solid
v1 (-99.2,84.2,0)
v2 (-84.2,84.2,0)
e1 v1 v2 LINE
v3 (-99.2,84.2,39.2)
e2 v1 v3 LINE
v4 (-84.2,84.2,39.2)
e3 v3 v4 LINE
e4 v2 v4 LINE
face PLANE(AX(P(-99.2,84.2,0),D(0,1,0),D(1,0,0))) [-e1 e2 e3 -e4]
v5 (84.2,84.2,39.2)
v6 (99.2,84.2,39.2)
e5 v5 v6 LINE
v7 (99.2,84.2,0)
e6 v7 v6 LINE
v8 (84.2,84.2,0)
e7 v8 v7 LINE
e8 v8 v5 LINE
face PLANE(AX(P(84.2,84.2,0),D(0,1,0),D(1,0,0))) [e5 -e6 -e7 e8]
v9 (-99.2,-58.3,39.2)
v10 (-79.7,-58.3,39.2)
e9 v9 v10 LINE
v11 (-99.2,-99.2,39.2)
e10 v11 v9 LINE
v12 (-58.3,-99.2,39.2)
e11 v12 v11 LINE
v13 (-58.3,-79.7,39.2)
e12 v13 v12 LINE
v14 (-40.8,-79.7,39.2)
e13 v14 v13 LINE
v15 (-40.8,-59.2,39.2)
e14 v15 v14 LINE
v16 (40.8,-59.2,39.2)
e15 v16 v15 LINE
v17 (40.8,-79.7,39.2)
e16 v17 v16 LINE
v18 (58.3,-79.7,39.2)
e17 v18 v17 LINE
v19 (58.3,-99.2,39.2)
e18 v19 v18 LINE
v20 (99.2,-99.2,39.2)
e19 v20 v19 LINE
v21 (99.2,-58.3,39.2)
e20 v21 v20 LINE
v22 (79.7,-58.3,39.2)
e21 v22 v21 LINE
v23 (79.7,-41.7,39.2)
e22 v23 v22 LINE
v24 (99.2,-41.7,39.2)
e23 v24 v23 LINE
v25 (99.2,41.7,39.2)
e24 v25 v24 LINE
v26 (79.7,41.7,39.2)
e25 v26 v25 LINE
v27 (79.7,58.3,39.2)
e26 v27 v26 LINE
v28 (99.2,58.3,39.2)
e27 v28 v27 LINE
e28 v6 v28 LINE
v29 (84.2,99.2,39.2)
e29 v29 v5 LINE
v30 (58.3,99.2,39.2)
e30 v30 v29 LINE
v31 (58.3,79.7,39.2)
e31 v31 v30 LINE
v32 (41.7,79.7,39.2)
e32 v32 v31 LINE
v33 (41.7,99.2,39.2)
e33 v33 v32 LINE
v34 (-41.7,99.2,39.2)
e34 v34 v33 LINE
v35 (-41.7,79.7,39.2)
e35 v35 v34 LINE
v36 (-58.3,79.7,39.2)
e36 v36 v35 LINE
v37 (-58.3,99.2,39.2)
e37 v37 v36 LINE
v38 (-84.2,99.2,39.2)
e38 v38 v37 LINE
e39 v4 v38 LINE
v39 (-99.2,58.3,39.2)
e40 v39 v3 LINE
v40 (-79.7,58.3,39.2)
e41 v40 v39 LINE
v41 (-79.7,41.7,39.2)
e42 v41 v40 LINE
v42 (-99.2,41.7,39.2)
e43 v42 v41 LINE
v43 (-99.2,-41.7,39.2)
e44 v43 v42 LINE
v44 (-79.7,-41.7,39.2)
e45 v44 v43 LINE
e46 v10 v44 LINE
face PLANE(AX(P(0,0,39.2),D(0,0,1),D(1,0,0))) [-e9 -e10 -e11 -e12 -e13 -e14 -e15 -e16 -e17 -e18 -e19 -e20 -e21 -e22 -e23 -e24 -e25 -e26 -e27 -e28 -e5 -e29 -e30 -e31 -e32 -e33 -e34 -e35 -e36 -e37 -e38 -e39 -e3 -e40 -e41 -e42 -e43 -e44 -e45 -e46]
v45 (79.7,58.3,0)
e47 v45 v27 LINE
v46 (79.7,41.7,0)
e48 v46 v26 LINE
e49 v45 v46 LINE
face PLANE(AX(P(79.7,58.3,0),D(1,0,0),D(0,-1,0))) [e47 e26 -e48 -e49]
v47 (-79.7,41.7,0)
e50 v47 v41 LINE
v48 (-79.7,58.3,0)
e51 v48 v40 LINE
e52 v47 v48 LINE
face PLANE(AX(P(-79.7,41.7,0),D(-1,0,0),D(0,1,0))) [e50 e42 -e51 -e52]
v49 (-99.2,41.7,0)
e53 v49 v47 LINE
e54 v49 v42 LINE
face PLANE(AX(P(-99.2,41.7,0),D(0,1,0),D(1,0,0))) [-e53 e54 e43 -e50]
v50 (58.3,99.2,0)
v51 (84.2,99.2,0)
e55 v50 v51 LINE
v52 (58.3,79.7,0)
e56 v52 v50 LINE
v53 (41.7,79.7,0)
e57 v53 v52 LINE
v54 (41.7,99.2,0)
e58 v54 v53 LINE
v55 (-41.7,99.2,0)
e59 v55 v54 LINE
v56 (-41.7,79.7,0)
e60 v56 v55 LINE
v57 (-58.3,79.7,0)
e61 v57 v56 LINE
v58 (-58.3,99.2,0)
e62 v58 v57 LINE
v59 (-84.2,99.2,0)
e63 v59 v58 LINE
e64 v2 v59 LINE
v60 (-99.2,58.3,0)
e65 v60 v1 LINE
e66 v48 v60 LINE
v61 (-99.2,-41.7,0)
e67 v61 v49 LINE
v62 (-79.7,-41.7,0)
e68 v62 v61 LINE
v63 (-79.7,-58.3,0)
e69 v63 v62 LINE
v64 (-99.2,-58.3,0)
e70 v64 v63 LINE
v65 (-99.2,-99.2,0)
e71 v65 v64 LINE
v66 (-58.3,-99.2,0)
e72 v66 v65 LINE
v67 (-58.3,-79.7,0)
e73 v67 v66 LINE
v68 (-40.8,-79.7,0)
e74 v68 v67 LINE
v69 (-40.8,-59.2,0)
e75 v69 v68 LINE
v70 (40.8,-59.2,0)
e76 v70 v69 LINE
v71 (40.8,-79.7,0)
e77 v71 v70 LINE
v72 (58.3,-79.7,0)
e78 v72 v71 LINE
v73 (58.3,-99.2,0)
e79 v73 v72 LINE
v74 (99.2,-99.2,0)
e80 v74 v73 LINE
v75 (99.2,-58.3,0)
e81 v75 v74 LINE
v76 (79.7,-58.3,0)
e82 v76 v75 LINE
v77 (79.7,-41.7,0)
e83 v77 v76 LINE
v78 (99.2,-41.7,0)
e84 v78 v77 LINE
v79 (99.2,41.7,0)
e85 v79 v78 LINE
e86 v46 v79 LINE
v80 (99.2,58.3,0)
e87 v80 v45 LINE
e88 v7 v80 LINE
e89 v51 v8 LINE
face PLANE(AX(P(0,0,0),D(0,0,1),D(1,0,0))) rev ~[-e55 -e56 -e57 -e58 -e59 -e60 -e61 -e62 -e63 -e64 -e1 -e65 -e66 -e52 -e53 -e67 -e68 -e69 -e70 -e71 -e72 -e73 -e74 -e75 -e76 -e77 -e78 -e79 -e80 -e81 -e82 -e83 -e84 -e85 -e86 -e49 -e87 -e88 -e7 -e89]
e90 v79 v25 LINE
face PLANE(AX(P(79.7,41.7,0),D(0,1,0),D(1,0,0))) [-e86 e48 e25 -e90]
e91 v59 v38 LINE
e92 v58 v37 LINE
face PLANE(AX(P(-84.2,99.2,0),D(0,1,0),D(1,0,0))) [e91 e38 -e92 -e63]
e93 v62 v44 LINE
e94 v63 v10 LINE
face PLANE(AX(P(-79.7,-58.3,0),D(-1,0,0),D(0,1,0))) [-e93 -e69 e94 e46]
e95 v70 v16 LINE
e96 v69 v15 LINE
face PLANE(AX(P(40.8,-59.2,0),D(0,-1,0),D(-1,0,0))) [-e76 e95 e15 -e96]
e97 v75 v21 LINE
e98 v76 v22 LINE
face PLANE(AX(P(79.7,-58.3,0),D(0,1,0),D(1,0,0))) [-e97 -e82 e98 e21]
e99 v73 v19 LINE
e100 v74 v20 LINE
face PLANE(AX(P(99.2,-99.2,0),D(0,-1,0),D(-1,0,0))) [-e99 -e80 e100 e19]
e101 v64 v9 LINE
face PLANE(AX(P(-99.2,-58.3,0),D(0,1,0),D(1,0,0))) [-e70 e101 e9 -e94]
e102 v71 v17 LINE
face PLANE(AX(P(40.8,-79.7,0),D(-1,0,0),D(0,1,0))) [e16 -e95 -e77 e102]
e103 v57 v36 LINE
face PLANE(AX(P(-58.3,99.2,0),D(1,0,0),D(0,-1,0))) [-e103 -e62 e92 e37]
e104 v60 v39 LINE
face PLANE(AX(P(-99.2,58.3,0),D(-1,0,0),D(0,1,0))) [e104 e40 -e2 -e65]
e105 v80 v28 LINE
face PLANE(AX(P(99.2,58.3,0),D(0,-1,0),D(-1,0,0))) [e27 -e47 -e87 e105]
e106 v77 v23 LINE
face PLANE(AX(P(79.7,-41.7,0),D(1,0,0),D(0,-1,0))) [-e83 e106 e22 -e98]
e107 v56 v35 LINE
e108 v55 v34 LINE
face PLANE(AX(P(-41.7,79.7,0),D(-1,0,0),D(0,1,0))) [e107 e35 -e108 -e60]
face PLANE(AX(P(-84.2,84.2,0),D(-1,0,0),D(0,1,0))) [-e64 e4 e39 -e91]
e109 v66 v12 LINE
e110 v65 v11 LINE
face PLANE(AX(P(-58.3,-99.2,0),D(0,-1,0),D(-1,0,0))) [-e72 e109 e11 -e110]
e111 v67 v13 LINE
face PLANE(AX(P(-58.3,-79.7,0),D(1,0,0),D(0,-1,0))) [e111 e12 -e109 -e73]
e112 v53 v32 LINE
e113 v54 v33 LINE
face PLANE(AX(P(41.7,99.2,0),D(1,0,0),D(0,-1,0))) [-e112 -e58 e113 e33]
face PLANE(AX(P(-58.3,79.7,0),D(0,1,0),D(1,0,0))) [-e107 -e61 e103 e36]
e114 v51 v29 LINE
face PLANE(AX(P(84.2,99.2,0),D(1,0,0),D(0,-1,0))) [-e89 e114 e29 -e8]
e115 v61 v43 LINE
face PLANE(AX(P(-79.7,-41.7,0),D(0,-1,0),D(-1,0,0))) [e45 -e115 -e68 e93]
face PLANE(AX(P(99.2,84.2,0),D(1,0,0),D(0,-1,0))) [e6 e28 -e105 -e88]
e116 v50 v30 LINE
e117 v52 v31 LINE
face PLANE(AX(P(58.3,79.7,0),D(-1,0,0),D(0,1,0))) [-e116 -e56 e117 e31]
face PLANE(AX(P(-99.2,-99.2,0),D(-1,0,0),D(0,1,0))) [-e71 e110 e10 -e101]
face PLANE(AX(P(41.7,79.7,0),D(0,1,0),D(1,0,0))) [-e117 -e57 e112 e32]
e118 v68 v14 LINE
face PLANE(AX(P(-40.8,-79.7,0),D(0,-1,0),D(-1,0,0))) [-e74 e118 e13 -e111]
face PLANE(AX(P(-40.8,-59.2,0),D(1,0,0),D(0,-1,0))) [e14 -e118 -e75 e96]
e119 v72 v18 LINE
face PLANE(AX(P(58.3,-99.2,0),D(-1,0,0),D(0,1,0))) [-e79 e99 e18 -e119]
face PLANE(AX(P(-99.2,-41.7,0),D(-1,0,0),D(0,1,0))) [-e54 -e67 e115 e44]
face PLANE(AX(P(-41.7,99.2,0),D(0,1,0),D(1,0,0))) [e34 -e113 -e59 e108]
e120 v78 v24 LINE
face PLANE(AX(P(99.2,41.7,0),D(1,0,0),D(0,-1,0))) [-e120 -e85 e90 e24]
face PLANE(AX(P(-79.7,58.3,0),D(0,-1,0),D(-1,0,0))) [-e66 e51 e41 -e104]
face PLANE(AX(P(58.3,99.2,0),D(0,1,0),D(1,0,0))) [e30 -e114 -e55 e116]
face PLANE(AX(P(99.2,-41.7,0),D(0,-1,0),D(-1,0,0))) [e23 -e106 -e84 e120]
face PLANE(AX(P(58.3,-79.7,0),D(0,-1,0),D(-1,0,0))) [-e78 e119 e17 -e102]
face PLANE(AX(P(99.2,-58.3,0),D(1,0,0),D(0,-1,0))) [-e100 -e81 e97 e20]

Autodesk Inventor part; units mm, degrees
ref_plane "YZ Plane" through (0, 0, 0) normal (1, 0, 0) x (0, 1, 0)
ref_plane "XZ Plane" through (0, 0, 0) normal (0, 1, 0) x (-1, 0, 0)
sketch "Boceto1" plane through (0, 0, 0) normal (0, 0, 1) x (1, 0, 0)
  line L0 (40.8, -59.2) -> (-40.8, -59.2) projected
  line L1 (40.8, -79.7) -> (40.8, -59.2) projected
  line L2 (99.2, -99.2) -> (58.3, -99.2) projected
  line L3 (99.2, -58.3) -> (99.2, -99.2) projected
  line L4 (58.3, 99.2) -> (99.2, 99.2) projected
  line L5 (-99.2, 58.3) -> (-99.2, 99.2) projected
  line L6 (-58.3, -99.2) -> (-99.2, -99.2) projected
  line L7 (-40.8, -59.2) -> (-40.8, -79.7) projected
  line L8 (-40.8, -79.7) -> (-58.3, -79.7) projected
  line L9 (58.3, -79.7) -> (40.8, -79.7) projected
  line L10 (58.3, -99.2) -> (58.3, -79.7) projected
  line L11 (79.7, -58.3) -> (99.2, -58.3) projected
  line L12 (79.7, -41.7) -> (79.7, -58.3) projected
  line L13 (99.2, -41.7) -> (79.7, -41.7) projected
  line L14 (99.2, 41.7) -> (99.2, -41.7) projected
  line L15 (79.7, 41.7) -> (99.2, 41.7) projected
  line L16 (79.7, 58.3) -> (79.7, 41.7) projected
  line L17 (99.2, 58.3) -> (79.7, 58.3) projected
  line L18 (99.2, 99.2) -> (99.2, 58.3) projected
  line L19 (58.3, 79.7) -> (58.3, 99.2) projected
  line L20 (41.7, 79.7) -> (58.3, 79.7) projected
  line L21 (41.7, 99.2) -> (41.7, 79.7) projected
  line L22 (-41.7, 99.2) -> (41.7, 99.2) projected
  line L23 (-41.7, 79.7) -> (-41.7, 99.2) projected
  line L24 (-58.3, 79.7) -> (-41.7, 79.7) projected
  line L25 (-58.3, 99.2) -> (-58.3, 79.7) projected
  line L26 (-99.2, 99.2) -> (-58.3, 99.2) projected
  line L27 (-79.7, 58.3) -> (-99.2, 58.3) projected
  line L28 (-79.7, 41.7) -> (-79.7, 58.3) projected
  line L29 (-99.2, 41.7) -> (-79.7, 41.7) projected
  line L30 (-99.2, -41.7) -> (-99.2, 41.7) projected
  line L31 (-79.7, -41.7) -> (-99.2, -41.7) projected
  line L32 (-79.7, -58.3) -> (-79.7, -41.7) projected
  line L33 (-99.2, -58.3) -> (-79.7, -58.3) projected
  line L34 (-99.2, -99.2) -> (-99.2, -58.3) projected
  line L35 (-58.3, -79.7) -> (-58.3, -99.2) projected
  line L36 (99.2, 84.2) -> (99.2, 58.3) projected
  line L37 (84.2, 84.2) -> (99.2, 84.2) projected
  line L38 (84.2, 99.2) -> (84.2, 84.2) projected
  line L39 (58.3, 99.2) -> (84.2, 99.2) projected
  line L40 (58.3, 79.7) -> (58.3, 99.2) projected
  line L41 (41.7, 79.7) -> (58.3, 79.7) projected
  line L42 (41.7, 99.2) -> (41.7, 79.7) projected
  line L43 (-41.7, 99.2) -> (41.7, 99.2) projected
  line L44 (-41.7, 79.7) -> (-41.7, 99.2) projected
  line L45 (-58.3, 79.7) -> (-41.7, 79.7) projected
  line L46 (-58.3, 99.2) -> (-58.3, 79.7) projected
  line L47 (-84.2, 99.2) -> (-58.3, 99.2) projected
  line L48 (-84.2, 84.2) -> (-84.2, 99.2) projected
  line L49 (-99.2, 84.2) -> (-84.2, 84.2) projected
  line L50 (-99.2, 58.3) -> (-99.2, 84.2) projected
  line L51 (-79.7, 58.3) -> (-99.2, 58.3) projected
  line L52 (-79.7, 41.7) -> (-79.7, 58.3) projected
  line L53 (-99.2, 41.7) -> (-79.7, 41.7) projected
  line L54 (-99.2, -41.7) -> (-99.2, 41.7) projected
  line L55 (-79.7, -41.7) -> (-99.2, -41.7) projected
  line L56 (-79.7, -58.3) -> (-79.7, -41.7) projected
  line L57 (-99.2, -58.3) -> (-79.7, -58.3) projected
  line L58 (-99.2, -99.2) -> (-99.2, -58.3) projected
  line L59 (-58.3, -99.2) -> (-99.2, -99.2) projected
  line L60 (-58.3, -79.7) -> (-58.3, -99.2) projected
  line L61 (-40.8, -79.7) -> (-58.3, -79.7) projected
  line L62 (-40.8, -59.2) -> (-40.8, -79.7) projected
  line L63 (40.8, -59.2) -> (-40.8, -59.2) projected
  line L64 (40.8, -79.7) -> (40.8, -59.2) projected
  line L65 (58.3, -79.7) -> (40.8, -79.7) projected
  line L66 (58.3, -99.2) -> (58.3, -79.7) projected
  line L67 (99.2, -99.2) -> (58.3, -99.2) projected
  line L68 (99.2, -58.3) -> (99.2, -99.2) projected
  line L69 (79.7, -58.3) -> (99.2, -58.3) projected
  line L70 (79.7, -41.7) -> (79.7, -58.3) projected
  line L71 (99.2, -41.7) -> (79.7, -41.7) projected
  line L72 (99.2, 41.7) -> (99.2, -41.7) projected
  line L73 (79.7, 41.7) -> (99.2, 41.7) projected
  line L74 (79.7, 58.3) -> (79.7, 41.7) projected
  line L75 (99.2, 58.3) -> (79.7, 58.3) projected
  line L76 (-99.2, 58.3) -> (-99.2, 84.2)
  line L77 (99.2, 84.2) -> (99.2, 58.3) projected
  line L78 (84.2, 84.2) -> (99.2, 84.2) projected
  line L79 (84.2, 99.2) -> (84.2, 84.2) projected
  line L80 (58.3, 99.2) -> (84.2, 99.2) projected
  line L81 (58.3, 79.7) -> (58.3, 99.2) projected
  line L82 (41.7, 79.7) -> (58.3, 79.7) projected
  line L83 (41.7, 99.2) -> (41.7, 79.7) projected
  line L84 (-41.7, 99.2) -> (41.7, 99.2) projected
  line L85 (-41.7, 79.7) -> (-41.7, 99.2) projected
  line L86 (-58.3, 79.7) -> (-41.7, 79.7) projected
  line L87 (-58.3, 99.2) -> (-58.3, 79.7) projected
  line L88 (-84.2, 99.2) -> (-58.3, 99.2) projected
  line L89 (-84.2, 84.2) -> (-84.2, 99.2) projected
  line L90 (-99.2, 84.2) -> (-84.2, 84.2) projected
  line L91 (-99.2, 58.3) -> (-99.2, 84.2) projected
  line L92 (-79.7, 58.3) -> (-99.2, 58.3) projected
  line L93 (-79.7, 41.7) -> (-79.7, 58.3) projected
  line L94 (-99.2, 41.7) -> (-79.7, 41.7) projected
  line L95 (-99.2, -41.7) -> (-99.2, 41.7) projected
  line L96 (-79.7, -41.7) -> (-99.2, -41.7) projected
  line L97 (-79.7, -58.3) -> (-79.7, -41.7) projected
  line L98 (-99.2, -58.3) -> (-79.7, -58.3) projected
  line L99 (-99.2, -99.2) -> (-99.2, -58.3) projected
  line L100 (-58.3, -99.2) -> (-99.2, -99.2) projected
  line L101 (-58.3, -79.7) -> (-58.3, -99.2) projected
  line L102 (-40.8, -79.7) -> (-58.3, -79.7) projected
  line L103 (-40.8, -59.2) -> (-40.8, -79.7) projected
  line L104 (40.8, -59.2) -> (-40.8, -59.2) projected
  line L105 (40.8, -79.7) -> (40.8, -59.2) projected
  line L106 (58.3, -79.7) -> (40.8, -79.7) projected
  line L107 (58.3, -99.2) -> (58.3, -79.7) projected
  line L108 (99.2, -99.2) -> (58.3, -99.2) projected
  line L109 (99.2, -58.3) -> (99.2, -99.2) projected
  line L110 (79.7, -58.3) -> (99.2, -58.3) projected
  line L111 (79.7, -41.7) -> (79.7, -58.3) projected
  line L112 (99.2, -41.7) -> (79.7, -41.7) projected
  line L113 (99.2, 41.7) -> (99.2, -41.7) projected
  line L114 (79.7, 41.7) -> (99.2, 41.7) projected
  line L115 (79.7, 58.3) -> (79.7, 41.7) projected
  line L116 (99.2, 58.3) -> (79.7, 58.3) projected
  line L117 (99.2, 84.2) -> (99.2, 58.3) projected
  line L118 (84.2, 84.2) -> (99.2, 84.2) projected
  line L119 (84.2, 99.2) -> (84.2, 84.2) projected
  line L120 (58.3, 99.2) -> (84.2, 99.2) projected
  line L121 (58.3, 79.7) -> (58.3, 99.2) projected
  line L122 (41.7, 79.7) -> (58.3, 79.7) projected
  line L123 (41.7, 99.2) -> (41.7, 79.7) projected
  line L124 (-41.7, 99.2) -> (41.7, 99.2) projected
  line L125 (-41.7, 79.7) -> (-41.7, 99.2) projected
  line L126 (-58.3, 79.7) -> (-41.7, 79.7) projected
  line L127 (-58.3, 99.2) -> (-58.3, 79.7) projected
  line L128 (-84.2, 99.2) -> (-58.3, 99.2) projected
  line L129 (-84.2, 84.2) -> (-84.2, 99.2) projected
  line L130 (-99.2, 84.2) -> (-84.2, 84.2) projected
  line L131 (-99.2, 58.3) -> (-99.2, 84.2) projected
  line L132 (-79.7, 58.3) -> (-99.2, 58.3) projected
  line L133 (-79.7, 41.7) -> (-79.7, 58.3) projected
  line L134 (-99.2, 41.7) -> (-79.7, 41.7) projected
  line L135 (-99.2, -41.7) -> (-99.2, 41.7) projected
  line L136 (-79.7, -41.7) -> (-99.2, -41.7) projected
  line L137 (-79.7, -58.3) -> (-79.7, -41.7) projected
  line L138 (-99.2, -58.3) -> (-79.7, -58.3) projected
  line L139 (-99.2, -99.2) -> (-99.2, -58.3) projected
  line L140 (-58.3, -99.2) -> (-99.2, -99.2) projected
  line L141 (-58.3, -79.7) -> (-58.3, -99.2) projected
  line L142 (-40.8, -79.7) -> (-58.3, -79.7) projected
  line L143 (-40.8, -59.2) -> (-40.8, -79.7) projected
  line L144 (40.8, -59.2) -> (-40.8, -59.2) projected
  line L145 (40.8, -79.7) -> (40.8, -59.2) projected
  line L146 (58.3, -79.7) -> (40.8, -79.7) projected
  line L147 (58.3, -99.2) -> (58.3, -79.7) projected
  line L148 (99.2, -99.2) -> (58.3, -99.2) projected
  line L149 (99.2, -58.3) -> (99.2, -99.2) projected
  line L150 (79.7, -58.3) -> (99.2, -58.3) projected
  line L151 (79.7, -41.7) -> (79.7, -58.3) projected
  line L152 (99.2, -41.7) -> (79.7, -41.7) projected
  line L153 (99.2, 41.7) -> (99.2, -41.7) projected
  line L154 (79.7, 41.7) -> (99.2, 41.7) projected
  line L155 (79.7, 58.3) -> (79.7, 41.7) projected
  line L156 (99.2, 58.3) -> (79.7, 58.3) projected
  point P0 (0, 0)
ref_plane "Plano de trabajo1" through (-100, -100, 39.2) normal (0, 0, 1) x (1, 0, 0)
extrude "Extrusión1" add sketch "Boceto1" along normal up to surface (39.2 mm away) contours L0 L7 L8 L35 L6 L34 L33 L32 L31 L30 L29 L28 L27 L5 L49 L48 L26 L25 L24 L23 L22 L21 L20 L19 L4 L38 L37 L18 L17 L16 L15 L14 L13 L12 L11 L3 L2 L10 L9 L1
properties part number "Cemento"
